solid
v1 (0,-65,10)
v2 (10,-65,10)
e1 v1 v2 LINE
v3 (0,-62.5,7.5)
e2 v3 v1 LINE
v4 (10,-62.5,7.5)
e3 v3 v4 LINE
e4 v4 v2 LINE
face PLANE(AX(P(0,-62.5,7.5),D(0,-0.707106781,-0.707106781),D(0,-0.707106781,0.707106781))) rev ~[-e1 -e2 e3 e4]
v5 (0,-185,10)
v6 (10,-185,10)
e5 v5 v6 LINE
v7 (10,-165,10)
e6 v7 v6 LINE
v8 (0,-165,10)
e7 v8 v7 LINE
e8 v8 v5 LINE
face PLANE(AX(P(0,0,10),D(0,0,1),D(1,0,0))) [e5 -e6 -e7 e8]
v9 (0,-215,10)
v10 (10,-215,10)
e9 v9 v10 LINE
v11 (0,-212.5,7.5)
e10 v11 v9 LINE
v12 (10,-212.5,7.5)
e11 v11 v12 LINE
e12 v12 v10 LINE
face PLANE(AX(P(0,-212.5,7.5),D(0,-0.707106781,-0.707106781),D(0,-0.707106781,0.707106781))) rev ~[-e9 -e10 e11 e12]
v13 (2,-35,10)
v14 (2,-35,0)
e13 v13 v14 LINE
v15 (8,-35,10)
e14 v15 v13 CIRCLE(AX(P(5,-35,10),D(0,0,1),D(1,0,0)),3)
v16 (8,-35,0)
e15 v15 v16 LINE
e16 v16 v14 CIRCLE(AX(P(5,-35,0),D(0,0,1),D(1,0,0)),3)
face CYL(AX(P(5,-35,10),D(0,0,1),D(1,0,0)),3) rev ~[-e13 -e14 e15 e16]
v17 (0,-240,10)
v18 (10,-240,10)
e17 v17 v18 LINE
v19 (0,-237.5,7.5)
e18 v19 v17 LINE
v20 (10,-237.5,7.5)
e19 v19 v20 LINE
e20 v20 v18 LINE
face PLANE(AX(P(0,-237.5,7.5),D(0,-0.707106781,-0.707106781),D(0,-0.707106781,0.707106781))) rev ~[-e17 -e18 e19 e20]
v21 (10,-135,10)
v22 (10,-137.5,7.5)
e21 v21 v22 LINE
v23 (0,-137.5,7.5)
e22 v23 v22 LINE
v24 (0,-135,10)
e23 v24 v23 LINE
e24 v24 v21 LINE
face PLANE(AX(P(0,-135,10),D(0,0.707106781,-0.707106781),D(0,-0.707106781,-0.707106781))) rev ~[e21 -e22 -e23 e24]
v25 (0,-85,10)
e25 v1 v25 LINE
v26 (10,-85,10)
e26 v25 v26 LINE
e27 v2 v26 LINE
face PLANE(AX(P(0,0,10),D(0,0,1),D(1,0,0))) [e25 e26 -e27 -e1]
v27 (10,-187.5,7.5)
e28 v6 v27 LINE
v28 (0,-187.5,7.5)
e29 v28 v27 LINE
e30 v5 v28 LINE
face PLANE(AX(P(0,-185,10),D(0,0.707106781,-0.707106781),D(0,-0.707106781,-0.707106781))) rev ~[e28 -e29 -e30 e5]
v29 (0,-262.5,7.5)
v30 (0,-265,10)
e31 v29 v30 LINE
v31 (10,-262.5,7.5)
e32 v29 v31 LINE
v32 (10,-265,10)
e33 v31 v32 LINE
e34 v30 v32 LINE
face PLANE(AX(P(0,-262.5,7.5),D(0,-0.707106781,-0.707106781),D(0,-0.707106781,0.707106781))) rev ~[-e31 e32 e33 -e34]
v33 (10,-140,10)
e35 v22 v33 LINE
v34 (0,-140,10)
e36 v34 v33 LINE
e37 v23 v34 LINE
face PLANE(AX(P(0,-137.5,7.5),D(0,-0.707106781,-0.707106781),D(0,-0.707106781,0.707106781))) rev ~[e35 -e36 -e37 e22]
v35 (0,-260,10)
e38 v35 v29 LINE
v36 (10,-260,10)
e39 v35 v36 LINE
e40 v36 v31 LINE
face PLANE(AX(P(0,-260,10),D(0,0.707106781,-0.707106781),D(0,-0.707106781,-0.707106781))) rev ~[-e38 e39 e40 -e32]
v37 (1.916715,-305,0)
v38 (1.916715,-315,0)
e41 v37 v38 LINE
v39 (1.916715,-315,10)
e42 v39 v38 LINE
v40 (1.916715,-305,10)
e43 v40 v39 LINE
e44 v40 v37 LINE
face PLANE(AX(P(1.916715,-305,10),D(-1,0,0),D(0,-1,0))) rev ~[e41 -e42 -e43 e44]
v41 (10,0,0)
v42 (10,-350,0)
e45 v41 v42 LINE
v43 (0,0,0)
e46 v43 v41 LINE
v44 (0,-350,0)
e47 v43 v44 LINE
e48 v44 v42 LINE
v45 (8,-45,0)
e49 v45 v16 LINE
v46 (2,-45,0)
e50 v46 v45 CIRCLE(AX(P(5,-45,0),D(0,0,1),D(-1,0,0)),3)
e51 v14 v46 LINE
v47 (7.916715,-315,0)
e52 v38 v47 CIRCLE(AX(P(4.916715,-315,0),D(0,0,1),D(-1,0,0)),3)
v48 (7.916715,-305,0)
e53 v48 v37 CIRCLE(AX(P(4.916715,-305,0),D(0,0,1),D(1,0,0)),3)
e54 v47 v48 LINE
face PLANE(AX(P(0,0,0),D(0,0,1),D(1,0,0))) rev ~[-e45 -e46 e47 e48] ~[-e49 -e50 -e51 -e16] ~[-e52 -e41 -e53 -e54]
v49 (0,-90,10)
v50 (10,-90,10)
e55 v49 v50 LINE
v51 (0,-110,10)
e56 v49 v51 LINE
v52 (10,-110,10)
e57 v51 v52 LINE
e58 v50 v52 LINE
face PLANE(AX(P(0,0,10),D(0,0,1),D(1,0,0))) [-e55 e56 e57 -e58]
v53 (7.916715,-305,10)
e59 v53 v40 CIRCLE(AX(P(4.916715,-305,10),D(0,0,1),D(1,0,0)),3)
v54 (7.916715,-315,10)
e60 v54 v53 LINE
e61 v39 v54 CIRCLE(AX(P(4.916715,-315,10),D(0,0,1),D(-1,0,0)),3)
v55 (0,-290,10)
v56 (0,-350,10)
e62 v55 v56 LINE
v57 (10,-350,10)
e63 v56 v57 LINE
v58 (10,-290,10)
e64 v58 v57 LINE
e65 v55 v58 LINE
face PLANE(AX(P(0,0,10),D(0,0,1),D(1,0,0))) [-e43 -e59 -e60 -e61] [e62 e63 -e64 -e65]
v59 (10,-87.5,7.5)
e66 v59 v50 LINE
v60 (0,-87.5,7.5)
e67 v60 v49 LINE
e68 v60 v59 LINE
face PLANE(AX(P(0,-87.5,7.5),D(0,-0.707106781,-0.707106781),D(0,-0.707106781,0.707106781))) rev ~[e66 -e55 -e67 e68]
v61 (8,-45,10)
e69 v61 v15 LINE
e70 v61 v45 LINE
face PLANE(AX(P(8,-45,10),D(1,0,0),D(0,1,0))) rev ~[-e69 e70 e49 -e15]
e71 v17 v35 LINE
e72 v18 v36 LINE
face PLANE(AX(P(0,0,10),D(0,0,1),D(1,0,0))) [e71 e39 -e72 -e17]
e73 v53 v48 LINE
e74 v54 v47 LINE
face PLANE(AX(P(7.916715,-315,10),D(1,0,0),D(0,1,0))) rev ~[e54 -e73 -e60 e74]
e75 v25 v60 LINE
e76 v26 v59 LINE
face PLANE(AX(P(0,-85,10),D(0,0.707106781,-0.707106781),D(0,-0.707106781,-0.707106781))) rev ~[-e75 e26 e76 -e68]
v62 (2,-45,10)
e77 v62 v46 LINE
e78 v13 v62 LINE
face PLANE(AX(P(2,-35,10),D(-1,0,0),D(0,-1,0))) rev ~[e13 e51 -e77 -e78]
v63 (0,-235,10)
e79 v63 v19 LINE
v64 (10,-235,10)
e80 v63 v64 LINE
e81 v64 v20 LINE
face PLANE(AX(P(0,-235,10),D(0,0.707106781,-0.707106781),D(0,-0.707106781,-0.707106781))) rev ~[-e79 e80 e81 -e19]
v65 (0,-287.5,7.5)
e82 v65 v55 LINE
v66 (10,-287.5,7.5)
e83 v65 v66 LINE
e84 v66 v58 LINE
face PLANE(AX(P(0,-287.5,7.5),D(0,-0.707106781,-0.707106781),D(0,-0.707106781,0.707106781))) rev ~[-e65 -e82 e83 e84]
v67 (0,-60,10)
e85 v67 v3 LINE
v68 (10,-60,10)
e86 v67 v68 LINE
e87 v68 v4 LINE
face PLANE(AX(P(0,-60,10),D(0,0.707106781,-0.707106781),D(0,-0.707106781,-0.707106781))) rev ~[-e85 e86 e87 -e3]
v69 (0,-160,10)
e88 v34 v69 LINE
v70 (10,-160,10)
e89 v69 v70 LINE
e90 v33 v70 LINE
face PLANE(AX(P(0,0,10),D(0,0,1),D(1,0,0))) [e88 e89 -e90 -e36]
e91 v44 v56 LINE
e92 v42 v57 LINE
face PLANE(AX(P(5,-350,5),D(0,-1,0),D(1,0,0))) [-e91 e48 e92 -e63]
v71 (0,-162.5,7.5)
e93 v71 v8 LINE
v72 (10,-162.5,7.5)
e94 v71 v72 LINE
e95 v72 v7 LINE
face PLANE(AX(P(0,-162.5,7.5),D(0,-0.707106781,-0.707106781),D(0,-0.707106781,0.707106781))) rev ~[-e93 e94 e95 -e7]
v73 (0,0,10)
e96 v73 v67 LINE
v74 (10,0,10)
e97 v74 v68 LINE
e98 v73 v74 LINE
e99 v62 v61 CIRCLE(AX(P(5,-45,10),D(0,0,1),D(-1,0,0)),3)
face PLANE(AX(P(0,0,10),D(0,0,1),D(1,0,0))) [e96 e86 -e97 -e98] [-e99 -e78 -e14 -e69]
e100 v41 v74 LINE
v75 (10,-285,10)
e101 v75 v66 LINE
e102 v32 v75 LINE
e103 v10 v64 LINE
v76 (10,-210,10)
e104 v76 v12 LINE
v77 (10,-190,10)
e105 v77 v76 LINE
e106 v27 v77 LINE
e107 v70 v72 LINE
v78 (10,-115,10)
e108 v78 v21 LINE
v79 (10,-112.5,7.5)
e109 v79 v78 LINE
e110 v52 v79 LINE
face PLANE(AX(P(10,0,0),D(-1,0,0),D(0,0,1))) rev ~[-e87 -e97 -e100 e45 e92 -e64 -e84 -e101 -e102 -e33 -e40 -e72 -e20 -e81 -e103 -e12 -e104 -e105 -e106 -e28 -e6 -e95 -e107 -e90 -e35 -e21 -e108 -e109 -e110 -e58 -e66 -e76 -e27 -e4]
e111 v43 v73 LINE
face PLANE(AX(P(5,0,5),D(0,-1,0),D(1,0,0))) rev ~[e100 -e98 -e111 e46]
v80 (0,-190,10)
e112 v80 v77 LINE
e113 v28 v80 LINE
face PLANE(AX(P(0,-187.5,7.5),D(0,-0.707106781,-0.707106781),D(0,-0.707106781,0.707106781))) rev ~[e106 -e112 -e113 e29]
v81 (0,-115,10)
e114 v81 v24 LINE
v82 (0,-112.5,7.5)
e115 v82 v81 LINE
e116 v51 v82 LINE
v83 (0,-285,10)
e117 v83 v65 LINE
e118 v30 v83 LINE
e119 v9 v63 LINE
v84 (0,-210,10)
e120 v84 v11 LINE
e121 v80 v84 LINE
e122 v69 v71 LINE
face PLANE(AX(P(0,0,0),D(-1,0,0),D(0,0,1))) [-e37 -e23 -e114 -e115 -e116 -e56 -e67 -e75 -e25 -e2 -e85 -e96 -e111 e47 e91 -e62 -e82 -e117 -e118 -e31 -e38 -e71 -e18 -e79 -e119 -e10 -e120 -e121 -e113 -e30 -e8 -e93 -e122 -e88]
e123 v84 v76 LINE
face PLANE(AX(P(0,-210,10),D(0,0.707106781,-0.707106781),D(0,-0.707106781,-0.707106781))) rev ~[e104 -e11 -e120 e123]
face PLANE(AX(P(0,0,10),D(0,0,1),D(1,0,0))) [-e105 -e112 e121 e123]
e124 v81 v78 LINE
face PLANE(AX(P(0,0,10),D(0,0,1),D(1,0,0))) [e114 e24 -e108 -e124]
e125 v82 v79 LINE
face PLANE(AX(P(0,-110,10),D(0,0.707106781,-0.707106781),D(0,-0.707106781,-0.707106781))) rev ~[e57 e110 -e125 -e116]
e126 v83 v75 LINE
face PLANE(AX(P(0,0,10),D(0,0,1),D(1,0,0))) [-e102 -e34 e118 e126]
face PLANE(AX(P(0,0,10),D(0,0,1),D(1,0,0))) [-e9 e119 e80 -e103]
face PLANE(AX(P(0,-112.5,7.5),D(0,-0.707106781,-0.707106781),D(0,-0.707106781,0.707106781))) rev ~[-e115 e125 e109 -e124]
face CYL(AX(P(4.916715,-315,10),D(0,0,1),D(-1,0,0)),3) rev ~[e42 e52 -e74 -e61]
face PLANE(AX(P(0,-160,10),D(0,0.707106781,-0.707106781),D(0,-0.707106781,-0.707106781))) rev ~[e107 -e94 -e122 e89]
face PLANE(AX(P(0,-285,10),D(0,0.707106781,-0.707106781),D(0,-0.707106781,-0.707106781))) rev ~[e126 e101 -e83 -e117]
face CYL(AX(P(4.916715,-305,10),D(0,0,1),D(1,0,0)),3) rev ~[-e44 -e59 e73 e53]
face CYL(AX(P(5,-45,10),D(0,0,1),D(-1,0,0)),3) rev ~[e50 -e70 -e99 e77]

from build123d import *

# Parameters (mm, degrees)
F0_W     = 10
F0_H     = 10
F1_DEPTH = 350
F3_DEPTH = 25
F5_DEPTH = 10.001


with BuildPart() as f1:
    # F0 (on Front) → F1 (new body)
    with BuildSketch(Plane.XZ):
        with Locations((5, 5)):
            Rectangle(F0_W, F0_H)
    extrude(amount=F1_DEPTH)

    # F2 (on face) → F3 (cut)
    with BuildSketch(Plane(origin=(0, 0, 0), x_dir=(0, -1, 0), z_dir=(-1, 0, 0))):
        Polygon((62.5, 7.5), (65, 10), (60, 10), align=None)
        Polygon((87.5, 7.5), (90, 10), (85, 10), align=None)
        Polygon((112.5, 7.5), (115, 10), (110, 10), align=None)
        Polygon((137.5, 7.5), (140, 10), (135, 10), align=None)
        Polygon((162.5, 7.5), (165, 10), (160, 10), align=None)
        Polygon((187.5, 7.5), (190, 10), (185, 10), align=None)
        Polygon((212.5, 7.5), (215, 10), (210, 10), align=None)
        Polygon((237.5, 7.5), (240, 10), (235, 10), align=None)
        Polygon((262.5, 7.5), (265, 10), (260, 10), align=None)
        Polygon((287.5, 7.5), (290, 10), (285, 10), align=None)
    extrude(amount=-F3_DEPTH, mode=Mode.SUBTRACT)

    # F4 (on face) → F5 (cut, through all)
    with BuildSketch(Plane.XY.offset(10)):
        with BuildLine():
            Line((8, -45), (8, -35))
            ThreePointArc((8, -35), (5, -32), (2, -35))
            Line((2, -35), (2, -45))
            ThreePointArc((2, -45), (5, -48), (8, -45))
        make_face()
        with BuildLine():
            Line((7.916715, -315), (7.916715, -305))
            ThreePointArc((7.916715, -305), (4.916715, -302), (1.916715, -305))
            Line((1.916715, -305), (1.916715, -315))
            ThreePointArc((1.916715, -315), (4.916715, -318), (7.916715, -315))
        make_face()
    extrude(amount=-F5_DEPTH, mode=Mode.SUBTRACT)


solid = f1.part
